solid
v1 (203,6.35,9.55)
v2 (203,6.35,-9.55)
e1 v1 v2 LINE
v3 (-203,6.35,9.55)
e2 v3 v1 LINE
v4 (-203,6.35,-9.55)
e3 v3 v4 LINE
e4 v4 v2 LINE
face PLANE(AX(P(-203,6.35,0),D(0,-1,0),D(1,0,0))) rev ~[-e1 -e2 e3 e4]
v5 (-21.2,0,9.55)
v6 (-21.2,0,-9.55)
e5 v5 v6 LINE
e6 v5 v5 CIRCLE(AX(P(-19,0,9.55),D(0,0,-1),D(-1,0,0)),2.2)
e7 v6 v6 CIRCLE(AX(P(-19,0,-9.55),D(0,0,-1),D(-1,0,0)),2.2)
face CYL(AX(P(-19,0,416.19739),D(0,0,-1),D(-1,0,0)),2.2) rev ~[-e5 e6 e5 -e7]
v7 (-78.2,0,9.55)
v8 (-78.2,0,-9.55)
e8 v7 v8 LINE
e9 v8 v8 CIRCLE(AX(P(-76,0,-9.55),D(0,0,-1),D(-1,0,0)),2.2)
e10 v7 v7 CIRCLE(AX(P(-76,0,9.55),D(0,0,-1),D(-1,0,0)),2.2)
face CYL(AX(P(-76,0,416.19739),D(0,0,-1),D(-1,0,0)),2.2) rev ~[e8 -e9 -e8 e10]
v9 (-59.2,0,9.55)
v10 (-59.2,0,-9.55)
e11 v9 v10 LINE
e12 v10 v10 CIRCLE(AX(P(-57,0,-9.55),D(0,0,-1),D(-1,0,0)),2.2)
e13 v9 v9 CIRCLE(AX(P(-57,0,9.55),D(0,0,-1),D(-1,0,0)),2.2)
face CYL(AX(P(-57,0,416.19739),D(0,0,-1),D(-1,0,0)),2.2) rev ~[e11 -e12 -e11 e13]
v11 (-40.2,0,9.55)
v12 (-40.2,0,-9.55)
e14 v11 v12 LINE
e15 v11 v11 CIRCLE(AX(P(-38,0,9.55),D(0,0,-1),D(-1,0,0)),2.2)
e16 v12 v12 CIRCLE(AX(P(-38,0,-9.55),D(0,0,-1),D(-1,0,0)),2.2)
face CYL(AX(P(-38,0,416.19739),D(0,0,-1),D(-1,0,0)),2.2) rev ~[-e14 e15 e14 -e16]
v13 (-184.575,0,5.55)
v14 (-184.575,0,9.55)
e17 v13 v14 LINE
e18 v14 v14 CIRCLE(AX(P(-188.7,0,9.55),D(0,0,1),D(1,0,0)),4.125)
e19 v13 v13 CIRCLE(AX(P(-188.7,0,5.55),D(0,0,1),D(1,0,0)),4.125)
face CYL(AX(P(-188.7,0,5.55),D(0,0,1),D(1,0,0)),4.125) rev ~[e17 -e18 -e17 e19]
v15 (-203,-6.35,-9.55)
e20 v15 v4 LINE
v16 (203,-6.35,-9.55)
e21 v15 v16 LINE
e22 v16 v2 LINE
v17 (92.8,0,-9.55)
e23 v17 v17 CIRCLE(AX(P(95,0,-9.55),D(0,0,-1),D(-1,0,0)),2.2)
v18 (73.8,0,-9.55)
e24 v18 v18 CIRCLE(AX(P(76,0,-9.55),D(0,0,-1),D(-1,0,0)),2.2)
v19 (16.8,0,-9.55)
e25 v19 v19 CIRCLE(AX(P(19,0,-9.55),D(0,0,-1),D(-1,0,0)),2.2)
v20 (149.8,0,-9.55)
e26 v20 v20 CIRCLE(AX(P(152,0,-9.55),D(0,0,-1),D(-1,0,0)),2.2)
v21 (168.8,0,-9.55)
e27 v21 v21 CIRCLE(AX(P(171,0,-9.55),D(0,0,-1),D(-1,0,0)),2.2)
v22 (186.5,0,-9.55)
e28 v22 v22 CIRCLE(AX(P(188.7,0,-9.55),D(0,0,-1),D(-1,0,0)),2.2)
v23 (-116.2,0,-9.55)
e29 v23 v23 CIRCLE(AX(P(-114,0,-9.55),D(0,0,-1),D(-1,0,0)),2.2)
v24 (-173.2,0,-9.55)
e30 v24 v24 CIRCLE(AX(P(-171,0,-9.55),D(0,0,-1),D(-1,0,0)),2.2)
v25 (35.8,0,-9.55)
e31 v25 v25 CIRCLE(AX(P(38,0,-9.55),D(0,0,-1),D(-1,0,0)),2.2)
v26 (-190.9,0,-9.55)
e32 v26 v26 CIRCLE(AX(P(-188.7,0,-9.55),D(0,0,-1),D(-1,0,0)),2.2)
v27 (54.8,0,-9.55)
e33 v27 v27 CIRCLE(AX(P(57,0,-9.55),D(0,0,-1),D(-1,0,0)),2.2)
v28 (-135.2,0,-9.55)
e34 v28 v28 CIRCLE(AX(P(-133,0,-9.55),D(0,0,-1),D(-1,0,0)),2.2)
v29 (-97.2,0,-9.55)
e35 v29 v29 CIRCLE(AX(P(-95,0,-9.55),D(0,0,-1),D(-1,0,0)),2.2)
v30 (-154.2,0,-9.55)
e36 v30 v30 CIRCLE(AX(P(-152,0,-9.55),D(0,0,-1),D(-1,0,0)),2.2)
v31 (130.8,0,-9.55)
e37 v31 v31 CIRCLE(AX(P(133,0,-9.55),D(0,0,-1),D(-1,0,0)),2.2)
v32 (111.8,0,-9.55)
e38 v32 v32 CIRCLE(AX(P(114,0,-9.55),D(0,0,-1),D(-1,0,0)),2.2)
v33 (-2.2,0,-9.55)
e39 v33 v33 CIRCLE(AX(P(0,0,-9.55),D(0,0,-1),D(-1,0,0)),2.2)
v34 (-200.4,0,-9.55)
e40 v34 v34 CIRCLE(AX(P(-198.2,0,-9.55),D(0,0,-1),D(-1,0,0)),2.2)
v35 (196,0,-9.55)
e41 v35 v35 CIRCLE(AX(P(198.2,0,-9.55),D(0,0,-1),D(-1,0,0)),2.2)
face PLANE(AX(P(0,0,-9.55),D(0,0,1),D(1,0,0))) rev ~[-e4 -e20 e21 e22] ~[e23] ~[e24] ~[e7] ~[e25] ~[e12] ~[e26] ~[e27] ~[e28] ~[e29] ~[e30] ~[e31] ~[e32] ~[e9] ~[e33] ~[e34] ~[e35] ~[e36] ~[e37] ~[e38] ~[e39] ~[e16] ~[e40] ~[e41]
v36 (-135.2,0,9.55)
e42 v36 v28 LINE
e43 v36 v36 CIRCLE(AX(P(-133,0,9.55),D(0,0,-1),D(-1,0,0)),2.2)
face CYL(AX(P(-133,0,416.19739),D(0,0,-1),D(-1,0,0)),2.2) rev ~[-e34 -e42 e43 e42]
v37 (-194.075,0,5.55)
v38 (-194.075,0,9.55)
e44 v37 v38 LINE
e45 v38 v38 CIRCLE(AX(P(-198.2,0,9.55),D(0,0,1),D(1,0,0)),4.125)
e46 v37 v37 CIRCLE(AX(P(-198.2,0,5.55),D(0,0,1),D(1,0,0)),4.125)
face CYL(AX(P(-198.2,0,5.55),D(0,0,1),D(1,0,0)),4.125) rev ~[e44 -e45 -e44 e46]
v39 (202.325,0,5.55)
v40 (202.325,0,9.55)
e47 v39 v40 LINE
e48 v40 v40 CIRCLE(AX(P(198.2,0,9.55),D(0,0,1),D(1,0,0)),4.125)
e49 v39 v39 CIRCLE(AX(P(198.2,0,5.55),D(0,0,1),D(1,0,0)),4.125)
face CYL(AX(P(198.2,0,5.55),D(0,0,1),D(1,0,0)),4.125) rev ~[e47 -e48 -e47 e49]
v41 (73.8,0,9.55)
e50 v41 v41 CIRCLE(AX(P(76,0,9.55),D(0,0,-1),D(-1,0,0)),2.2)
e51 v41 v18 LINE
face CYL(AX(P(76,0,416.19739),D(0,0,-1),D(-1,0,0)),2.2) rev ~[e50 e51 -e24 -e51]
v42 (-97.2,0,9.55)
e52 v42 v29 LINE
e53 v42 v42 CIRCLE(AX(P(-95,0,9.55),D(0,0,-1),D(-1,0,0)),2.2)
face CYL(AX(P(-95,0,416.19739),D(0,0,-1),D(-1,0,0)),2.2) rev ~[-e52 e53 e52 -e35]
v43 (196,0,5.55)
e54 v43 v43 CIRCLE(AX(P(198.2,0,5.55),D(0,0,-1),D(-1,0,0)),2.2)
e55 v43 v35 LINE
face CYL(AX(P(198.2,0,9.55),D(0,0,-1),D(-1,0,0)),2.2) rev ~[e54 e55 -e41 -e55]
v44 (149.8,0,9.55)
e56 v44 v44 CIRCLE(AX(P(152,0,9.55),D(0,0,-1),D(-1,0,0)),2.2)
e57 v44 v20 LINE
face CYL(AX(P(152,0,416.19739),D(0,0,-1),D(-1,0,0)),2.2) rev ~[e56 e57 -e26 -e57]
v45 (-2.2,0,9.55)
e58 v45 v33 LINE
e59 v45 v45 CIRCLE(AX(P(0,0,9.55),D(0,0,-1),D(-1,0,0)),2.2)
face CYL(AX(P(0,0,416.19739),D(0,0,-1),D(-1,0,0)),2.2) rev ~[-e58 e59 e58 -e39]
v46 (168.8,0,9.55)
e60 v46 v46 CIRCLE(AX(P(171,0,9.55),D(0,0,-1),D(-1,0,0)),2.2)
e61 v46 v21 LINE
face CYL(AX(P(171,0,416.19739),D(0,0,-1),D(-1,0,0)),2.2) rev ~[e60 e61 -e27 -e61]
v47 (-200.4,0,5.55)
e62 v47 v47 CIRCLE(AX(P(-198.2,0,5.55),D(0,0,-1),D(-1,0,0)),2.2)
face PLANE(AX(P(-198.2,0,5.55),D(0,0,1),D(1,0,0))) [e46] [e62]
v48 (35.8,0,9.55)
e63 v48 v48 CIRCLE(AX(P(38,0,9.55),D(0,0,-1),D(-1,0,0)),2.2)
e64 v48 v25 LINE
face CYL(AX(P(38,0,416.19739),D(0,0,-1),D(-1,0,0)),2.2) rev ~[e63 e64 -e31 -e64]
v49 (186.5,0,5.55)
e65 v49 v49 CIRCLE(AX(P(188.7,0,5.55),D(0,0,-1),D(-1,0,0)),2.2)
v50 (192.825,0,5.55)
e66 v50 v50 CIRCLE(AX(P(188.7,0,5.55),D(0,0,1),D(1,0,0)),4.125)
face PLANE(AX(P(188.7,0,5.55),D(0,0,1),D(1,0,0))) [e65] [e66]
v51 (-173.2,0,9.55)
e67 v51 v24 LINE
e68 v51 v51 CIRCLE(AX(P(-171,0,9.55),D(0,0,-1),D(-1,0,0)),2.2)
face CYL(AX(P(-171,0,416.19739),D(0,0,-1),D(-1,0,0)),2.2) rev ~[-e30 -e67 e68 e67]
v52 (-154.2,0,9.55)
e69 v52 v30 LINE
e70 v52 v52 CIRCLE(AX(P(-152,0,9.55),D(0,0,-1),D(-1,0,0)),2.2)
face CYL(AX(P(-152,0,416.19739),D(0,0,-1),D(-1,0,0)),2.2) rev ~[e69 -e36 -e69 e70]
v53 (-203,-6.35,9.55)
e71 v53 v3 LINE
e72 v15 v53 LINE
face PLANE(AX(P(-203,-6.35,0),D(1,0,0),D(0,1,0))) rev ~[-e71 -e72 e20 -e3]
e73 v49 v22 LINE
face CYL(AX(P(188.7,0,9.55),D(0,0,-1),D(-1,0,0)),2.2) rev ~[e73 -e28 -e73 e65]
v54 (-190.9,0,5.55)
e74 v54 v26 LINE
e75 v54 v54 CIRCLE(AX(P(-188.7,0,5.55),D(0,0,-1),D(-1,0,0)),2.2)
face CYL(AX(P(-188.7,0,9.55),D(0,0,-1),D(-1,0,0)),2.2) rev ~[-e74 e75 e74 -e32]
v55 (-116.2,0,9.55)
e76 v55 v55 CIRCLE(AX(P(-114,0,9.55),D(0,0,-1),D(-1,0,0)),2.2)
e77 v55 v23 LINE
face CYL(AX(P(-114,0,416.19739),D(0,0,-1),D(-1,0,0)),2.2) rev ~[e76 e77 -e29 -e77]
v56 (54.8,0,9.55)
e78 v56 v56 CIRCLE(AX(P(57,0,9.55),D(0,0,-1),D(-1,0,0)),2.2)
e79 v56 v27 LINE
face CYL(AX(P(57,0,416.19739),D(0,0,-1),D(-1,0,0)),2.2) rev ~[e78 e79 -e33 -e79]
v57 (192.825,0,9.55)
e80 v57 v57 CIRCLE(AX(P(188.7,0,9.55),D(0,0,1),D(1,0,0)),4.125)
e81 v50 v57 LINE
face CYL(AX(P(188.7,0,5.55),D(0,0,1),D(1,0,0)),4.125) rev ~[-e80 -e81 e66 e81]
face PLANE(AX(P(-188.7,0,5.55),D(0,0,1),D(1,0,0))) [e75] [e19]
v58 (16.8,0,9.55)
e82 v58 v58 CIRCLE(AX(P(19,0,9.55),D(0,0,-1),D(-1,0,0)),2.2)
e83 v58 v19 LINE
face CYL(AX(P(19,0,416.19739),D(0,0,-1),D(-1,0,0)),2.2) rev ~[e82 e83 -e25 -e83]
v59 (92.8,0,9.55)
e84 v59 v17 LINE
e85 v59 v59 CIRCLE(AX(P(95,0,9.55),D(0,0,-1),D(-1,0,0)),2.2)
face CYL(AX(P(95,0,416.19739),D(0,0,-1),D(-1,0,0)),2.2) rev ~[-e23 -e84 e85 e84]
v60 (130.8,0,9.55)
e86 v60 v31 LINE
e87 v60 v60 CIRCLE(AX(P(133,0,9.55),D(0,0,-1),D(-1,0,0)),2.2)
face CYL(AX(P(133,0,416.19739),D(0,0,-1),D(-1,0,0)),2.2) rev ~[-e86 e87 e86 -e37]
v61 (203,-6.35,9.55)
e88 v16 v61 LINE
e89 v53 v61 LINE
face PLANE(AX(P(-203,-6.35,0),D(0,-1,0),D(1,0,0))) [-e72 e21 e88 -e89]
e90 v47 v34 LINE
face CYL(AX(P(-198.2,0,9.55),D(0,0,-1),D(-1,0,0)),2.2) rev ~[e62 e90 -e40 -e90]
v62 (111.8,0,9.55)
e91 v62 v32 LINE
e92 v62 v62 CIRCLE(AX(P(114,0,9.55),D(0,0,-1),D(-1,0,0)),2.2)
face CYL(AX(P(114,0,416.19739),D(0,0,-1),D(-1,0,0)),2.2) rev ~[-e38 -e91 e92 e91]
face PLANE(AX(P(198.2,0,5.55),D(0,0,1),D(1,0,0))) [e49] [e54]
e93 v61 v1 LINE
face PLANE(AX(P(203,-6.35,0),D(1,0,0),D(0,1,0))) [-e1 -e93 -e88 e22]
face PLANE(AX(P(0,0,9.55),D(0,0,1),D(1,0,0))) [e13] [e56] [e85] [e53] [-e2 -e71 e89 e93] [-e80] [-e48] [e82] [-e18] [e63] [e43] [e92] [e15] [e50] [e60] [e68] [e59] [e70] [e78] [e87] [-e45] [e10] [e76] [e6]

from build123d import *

# Parameters (mm, degrees)
F0_W           = 406
F0_H           = 12.7
F1_DEPTH       = 9.55
F3_D           = 4.4
F3_DEPTH       = 20
F3_CBORE_D     = 8.25
F3_CBORE_DEPTH = 4
F3_TIP         = 1.3218933619
F5_D           = 4.4


with BuildPart() as f1:
    # F0 (on Top) → F1 (new body, symmetric)
    with BuildSketch(Plane.XY):
        Rectangle(F0_W, F0_H)
    extrude(amount=F1_DEPTH, both=True)

    # F3
    with Locations(Plane.XY.offset(9.55)):
        with Locations((-198.2, 0), (-188.7, 0), (188.7, 0), (198.2, 0)):
            CounterBoreHole(F3_D / 2, F3_CBORE_D / 2, F3_CBORE_DEPTH, depth=F3_DEPTH)
            with Locations((0, 0, -(F3_DEPTH + F3_TIP / 2))):  # 118° drill point
                Cone(0, F3_D / 2, F3_TIP, mode=Mode.SUBTRACT)

    # F5 (through all)
    with Locations(Plane.XY.offset(9.55)):
        with Locations((-171, 0), (-152, 0), (-133, 0), (-114, 0), (-95, 0), (-57, 0), (-38, 0), (-76, 0), (-19, 0), (0, 0), (19, 0), (38, 0), (57, 0), (76, 0), (95, 0), (114, 0), (133, 0), (152, 0), (171, 0), (133, 0)):
            Hole(F5_D / 2)


solid = f1.part
